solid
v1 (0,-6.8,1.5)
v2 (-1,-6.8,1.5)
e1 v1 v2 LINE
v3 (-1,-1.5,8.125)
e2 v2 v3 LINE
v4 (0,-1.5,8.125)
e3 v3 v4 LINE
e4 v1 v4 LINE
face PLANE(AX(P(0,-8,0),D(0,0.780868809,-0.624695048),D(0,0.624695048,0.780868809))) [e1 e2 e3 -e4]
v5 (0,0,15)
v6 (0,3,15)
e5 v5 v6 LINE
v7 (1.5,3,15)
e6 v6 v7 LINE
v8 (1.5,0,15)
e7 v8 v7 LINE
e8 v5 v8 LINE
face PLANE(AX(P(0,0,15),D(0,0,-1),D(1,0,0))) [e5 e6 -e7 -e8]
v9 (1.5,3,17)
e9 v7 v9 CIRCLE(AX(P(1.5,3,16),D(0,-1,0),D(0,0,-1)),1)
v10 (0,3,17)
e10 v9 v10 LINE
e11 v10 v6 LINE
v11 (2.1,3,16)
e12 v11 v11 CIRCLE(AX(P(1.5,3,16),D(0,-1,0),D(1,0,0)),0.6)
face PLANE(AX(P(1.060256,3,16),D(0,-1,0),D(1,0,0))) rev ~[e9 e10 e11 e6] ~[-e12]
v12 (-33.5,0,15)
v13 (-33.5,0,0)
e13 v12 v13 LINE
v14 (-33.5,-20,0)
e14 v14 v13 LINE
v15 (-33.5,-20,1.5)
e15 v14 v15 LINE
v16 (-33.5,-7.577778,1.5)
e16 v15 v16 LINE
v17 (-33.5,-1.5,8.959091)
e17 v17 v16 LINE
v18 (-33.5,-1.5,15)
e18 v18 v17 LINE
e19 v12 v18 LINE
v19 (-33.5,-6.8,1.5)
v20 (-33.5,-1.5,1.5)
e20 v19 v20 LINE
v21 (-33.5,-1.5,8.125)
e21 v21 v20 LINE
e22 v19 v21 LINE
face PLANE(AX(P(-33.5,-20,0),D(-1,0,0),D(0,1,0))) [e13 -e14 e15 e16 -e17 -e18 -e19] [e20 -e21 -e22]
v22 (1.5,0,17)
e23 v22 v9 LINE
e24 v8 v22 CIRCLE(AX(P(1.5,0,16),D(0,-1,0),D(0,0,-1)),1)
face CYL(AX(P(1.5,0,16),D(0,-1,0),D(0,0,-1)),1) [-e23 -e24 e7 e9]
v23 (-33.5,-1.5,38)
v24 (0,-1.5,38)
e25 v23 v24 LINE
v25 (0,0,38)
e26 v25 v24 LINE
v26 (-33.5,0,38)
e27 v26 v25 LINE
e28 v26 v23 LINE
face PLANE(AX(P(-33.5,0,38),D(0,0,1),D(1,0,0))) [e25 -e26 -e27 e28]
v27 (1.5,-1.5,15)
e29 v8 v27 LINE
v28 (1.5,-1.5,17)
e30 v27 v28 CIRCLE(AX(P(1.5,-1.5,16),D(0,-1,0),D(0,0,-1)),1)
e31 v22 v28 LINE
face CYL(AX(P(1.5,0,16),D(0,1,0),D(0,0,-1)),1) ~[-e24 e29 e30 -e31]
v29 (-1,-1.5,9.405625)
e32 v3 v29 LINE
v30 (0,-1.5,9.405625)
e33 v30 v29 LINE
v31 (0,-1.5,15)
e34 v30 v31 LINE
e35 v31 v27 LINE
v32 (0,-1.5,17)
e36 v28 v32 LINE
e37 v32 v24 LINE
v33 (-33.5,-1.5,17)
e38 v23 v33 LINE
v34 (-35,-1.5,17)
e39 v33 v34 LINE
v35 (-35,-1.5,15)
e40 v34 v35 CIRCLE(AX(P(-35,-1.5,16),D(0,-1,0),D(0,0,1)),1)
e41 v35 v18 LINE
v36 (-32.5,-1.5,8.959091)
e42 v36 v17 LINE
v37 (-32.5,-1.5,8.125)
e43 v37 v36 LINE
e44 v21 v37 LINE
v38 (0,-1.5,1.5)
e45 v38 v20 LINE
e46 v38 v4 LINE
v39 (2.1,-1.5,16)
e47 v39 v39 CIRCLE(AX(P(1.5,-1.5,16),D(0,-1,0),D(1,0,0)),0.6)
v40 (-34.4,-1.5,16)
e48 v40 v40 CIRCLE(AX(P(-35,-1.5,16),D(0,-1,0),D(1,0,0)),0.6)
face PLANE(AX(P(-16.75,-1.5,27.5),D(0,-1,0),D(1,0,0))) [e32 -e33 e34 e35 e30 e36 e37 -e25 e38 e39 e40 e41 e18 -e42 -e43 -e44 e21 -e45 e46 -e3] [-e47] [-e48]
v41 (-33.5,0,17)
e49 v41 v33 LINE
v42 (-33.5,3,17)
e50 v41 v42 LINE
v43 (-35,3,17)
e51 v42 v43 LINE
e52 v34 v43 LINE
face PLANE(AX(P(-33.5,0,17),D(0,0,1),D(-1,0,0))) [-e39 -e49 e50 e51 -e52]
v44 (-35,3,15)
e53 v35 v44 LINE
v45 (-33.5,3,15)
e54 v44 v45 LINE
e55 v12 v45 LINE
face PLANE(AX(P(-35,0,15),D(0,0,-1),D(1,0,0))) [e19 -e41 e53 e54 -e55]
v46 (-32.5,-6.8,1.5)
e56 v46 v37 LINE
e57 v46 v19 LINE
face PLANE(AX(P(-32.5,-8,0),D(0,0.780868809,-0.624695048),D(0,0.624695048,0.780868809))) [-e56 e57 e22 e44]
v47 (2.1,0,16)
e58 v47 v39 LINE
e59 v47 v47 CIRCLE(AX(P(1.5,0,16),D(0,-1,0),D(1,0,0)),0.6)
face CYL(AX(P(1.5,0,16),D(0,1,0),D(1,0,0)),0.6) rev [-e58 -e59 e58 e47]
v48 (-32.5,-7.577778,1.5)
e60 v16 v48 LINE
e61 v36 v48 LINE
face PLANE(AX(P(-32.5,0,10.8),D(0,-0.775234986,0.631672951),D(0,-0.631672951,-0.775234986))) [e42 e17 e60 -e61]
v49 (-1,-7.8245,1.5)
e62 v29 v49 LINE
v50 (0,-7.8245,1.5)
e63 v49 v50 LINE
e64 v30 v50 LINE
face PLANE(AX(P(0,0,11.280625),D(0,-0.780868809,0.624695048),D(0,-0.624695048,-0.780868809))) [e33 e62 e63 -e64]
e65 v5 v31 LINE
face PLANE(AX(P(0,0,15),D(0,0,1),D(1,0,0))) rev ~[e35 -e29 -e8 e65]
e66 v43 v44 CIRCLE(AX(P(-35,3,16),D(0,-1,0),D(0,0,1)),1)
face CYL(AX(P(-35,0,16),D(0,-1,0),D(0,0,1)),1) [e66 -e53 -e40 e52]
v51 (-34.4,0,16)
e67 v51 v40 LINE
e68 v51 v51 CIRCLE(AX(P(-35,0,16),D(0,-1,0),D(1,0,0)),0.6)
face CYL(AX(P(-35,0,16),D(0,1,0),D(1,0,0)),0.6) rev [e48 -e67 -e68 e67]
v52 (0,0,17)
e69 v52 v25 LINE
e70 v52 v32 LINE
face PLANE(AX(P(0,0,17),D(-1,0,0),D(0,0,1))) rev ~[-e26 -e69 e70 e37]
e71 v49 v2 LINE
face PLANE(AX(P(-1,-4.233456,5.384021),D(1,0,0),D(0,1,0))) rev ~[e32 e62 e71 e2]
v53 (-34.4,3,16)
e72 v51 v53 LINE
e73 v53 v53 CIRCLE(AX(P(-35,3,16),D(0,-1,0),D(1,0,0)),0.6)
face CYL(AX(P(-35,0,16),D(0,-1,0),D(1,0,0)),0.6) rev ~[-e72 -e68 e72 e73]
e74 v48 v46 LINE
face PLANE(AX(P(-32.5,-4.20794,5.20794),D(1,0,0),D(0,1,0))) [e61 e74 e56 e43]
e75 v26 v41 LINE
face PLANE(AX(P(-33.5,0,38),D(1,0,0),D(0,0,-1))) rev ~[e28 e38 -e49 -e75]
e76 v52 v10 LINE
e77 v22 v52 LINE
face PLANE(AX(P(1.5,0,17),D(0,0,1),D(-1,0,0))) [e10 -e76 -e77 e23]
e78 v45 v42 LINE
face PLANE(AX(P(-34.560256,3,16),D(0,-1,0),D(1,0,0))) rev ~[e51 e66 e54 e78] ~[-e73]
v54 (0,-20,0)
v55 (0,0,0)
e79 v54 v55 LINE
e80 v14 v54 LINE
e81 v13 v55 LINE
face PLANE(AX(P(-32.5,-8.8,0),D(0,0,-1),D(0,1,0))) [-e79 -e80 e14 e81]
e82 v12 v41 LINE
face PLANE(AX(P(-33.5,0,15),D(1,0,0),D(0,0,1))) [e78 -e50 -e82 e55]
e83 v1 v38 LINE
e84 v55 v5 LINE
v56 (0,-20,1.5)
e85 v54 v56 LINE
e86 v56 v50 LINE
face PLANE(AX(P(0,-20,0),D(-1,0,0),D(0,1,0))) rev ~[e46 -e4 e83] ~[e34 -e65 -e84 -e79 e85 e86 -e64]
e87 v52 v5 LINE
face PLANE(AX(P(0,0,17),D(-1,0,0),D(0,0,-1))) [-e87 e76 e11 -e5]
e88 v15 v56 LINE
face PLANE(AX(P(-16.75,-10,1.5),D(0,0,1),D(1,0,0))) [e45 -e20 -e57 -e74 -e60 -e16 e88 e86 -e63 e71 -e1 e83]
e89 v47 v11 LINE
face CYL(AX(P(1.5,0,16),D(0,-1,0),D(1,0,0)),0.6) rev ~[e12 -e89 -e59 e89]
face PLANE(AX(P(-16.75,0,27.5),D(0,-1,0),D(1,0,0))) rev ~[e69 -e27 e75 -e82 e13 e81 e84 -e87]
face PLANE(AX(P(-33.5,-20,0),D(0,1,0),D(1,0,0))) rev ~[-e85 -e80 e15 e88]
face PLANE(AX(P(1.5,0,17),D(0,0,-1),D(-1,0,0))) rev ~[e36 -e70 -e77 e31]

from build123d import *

# Parameters (mm, degrees)
F0_W     = 33.5
F0_H     = 21
F0_H_2   = 2
F0_H_3   = 15
F0_R     = 0.6
F3_DEPTH = 1.5
F1_W     = 33.5
F1_H     = 20
F4_DEPTH = 1.5
F5_DEPTH = 1
F8_DEPTH = 1
F9_DEPTH = 3


with BuildPart() as f3:
    # F0 (on Front) → F3 (new body)
    with BuildSketch(Plane.XZ):
        with Locations((-16.75, 27.5)):
            Rectangle(F0_W, F0_H)
        with Locations((-16.75, 16)):
            Rectangle(F0_W, F0_H_2)
        with Locations((-16.75, 7.5)):
            Rectangle(F0_W, F0_H_3)
        with BuildLine():
            Line((-35, 15), (-33.5, 15))
            Line((-33.5, 15), (-33.5, 17))
            Line((-33.5, 17), (-35, 17))
            ThreePointArc((-35, 17), (-36, 16), (-35, 15))
        make_face()
        with Locations((-35, 16)):
            Circle(F0_R, mode=Mode.SUBTRACT)
        with BuildLine():
            Line((0, 17), (0, 15))
            Line((0, 15), (1.5, 15))
            ThreePointArc((1.5, 15), (2.5, 16), (1.5, 17))
            Line((1.5, 17), (0, 17))
        make_face()
        with Locations((1.5, 16)):
            Circle(F0_R, mode=Mode.SUBTRACT)
    extrude(amount=F3_DEPTH)

    # F1 (on Top) → F4 (join)
    with BuildSketch(Plane.XY):
        with Locations((-16.75, -10)):
            Rectangle(F1_W, F1_H)
    extrude(amount=F4_DEPTH)

    # F2 (on Right) → F5 (join)
    with BuildSketch(Plane.YZ):
        Polygon((-9.024499878, 0), (-8, 0), (0, 10), (0, 11.2806248475), align=None)
    extrude(amount=-F5_DEPTH)

    # F7 (on offset) → F8 (join)
    with BuildSketch(Plane.YZ.offset(-32.5)):
        Polygon((-8.8, 0), (-8, 0), (0, 10), (0, 10.8), align=None)
    extrude(amount=-F8_DEPTH)

    # F0 (on Front) → F9 (join)
    with BuildSketch(Plane.XZ):
        with BuildLine():
            Line((-35, 15), (-33.5, 15))
            Line((-33.5, 15), (-33.5, 17))
            Line((-33.5, 17), (-35, 17))
            ThreePointArc((-35, 17), (-36, 16), (-35, 15))
        make_face()
        with Locations((-35, 16)):
            Circle(F0_R, mode=Mode.SUBTRACT)
        with BuildLine():
            Line((0, 17), (0, 15))
            Line((0, 15), (1.5, 15))
            ThreePointArc((1.5, 15), (2.5, 16), (1.5, 17))
            Line((1.5, 17), (0, 17))
        make_face()
        with Locations((1.5, 16)):
            Circle(F0_R, mode=Mode.SUBTRACT)
    extrude(amount=-F9_DEPTH)


solid = f3.part
